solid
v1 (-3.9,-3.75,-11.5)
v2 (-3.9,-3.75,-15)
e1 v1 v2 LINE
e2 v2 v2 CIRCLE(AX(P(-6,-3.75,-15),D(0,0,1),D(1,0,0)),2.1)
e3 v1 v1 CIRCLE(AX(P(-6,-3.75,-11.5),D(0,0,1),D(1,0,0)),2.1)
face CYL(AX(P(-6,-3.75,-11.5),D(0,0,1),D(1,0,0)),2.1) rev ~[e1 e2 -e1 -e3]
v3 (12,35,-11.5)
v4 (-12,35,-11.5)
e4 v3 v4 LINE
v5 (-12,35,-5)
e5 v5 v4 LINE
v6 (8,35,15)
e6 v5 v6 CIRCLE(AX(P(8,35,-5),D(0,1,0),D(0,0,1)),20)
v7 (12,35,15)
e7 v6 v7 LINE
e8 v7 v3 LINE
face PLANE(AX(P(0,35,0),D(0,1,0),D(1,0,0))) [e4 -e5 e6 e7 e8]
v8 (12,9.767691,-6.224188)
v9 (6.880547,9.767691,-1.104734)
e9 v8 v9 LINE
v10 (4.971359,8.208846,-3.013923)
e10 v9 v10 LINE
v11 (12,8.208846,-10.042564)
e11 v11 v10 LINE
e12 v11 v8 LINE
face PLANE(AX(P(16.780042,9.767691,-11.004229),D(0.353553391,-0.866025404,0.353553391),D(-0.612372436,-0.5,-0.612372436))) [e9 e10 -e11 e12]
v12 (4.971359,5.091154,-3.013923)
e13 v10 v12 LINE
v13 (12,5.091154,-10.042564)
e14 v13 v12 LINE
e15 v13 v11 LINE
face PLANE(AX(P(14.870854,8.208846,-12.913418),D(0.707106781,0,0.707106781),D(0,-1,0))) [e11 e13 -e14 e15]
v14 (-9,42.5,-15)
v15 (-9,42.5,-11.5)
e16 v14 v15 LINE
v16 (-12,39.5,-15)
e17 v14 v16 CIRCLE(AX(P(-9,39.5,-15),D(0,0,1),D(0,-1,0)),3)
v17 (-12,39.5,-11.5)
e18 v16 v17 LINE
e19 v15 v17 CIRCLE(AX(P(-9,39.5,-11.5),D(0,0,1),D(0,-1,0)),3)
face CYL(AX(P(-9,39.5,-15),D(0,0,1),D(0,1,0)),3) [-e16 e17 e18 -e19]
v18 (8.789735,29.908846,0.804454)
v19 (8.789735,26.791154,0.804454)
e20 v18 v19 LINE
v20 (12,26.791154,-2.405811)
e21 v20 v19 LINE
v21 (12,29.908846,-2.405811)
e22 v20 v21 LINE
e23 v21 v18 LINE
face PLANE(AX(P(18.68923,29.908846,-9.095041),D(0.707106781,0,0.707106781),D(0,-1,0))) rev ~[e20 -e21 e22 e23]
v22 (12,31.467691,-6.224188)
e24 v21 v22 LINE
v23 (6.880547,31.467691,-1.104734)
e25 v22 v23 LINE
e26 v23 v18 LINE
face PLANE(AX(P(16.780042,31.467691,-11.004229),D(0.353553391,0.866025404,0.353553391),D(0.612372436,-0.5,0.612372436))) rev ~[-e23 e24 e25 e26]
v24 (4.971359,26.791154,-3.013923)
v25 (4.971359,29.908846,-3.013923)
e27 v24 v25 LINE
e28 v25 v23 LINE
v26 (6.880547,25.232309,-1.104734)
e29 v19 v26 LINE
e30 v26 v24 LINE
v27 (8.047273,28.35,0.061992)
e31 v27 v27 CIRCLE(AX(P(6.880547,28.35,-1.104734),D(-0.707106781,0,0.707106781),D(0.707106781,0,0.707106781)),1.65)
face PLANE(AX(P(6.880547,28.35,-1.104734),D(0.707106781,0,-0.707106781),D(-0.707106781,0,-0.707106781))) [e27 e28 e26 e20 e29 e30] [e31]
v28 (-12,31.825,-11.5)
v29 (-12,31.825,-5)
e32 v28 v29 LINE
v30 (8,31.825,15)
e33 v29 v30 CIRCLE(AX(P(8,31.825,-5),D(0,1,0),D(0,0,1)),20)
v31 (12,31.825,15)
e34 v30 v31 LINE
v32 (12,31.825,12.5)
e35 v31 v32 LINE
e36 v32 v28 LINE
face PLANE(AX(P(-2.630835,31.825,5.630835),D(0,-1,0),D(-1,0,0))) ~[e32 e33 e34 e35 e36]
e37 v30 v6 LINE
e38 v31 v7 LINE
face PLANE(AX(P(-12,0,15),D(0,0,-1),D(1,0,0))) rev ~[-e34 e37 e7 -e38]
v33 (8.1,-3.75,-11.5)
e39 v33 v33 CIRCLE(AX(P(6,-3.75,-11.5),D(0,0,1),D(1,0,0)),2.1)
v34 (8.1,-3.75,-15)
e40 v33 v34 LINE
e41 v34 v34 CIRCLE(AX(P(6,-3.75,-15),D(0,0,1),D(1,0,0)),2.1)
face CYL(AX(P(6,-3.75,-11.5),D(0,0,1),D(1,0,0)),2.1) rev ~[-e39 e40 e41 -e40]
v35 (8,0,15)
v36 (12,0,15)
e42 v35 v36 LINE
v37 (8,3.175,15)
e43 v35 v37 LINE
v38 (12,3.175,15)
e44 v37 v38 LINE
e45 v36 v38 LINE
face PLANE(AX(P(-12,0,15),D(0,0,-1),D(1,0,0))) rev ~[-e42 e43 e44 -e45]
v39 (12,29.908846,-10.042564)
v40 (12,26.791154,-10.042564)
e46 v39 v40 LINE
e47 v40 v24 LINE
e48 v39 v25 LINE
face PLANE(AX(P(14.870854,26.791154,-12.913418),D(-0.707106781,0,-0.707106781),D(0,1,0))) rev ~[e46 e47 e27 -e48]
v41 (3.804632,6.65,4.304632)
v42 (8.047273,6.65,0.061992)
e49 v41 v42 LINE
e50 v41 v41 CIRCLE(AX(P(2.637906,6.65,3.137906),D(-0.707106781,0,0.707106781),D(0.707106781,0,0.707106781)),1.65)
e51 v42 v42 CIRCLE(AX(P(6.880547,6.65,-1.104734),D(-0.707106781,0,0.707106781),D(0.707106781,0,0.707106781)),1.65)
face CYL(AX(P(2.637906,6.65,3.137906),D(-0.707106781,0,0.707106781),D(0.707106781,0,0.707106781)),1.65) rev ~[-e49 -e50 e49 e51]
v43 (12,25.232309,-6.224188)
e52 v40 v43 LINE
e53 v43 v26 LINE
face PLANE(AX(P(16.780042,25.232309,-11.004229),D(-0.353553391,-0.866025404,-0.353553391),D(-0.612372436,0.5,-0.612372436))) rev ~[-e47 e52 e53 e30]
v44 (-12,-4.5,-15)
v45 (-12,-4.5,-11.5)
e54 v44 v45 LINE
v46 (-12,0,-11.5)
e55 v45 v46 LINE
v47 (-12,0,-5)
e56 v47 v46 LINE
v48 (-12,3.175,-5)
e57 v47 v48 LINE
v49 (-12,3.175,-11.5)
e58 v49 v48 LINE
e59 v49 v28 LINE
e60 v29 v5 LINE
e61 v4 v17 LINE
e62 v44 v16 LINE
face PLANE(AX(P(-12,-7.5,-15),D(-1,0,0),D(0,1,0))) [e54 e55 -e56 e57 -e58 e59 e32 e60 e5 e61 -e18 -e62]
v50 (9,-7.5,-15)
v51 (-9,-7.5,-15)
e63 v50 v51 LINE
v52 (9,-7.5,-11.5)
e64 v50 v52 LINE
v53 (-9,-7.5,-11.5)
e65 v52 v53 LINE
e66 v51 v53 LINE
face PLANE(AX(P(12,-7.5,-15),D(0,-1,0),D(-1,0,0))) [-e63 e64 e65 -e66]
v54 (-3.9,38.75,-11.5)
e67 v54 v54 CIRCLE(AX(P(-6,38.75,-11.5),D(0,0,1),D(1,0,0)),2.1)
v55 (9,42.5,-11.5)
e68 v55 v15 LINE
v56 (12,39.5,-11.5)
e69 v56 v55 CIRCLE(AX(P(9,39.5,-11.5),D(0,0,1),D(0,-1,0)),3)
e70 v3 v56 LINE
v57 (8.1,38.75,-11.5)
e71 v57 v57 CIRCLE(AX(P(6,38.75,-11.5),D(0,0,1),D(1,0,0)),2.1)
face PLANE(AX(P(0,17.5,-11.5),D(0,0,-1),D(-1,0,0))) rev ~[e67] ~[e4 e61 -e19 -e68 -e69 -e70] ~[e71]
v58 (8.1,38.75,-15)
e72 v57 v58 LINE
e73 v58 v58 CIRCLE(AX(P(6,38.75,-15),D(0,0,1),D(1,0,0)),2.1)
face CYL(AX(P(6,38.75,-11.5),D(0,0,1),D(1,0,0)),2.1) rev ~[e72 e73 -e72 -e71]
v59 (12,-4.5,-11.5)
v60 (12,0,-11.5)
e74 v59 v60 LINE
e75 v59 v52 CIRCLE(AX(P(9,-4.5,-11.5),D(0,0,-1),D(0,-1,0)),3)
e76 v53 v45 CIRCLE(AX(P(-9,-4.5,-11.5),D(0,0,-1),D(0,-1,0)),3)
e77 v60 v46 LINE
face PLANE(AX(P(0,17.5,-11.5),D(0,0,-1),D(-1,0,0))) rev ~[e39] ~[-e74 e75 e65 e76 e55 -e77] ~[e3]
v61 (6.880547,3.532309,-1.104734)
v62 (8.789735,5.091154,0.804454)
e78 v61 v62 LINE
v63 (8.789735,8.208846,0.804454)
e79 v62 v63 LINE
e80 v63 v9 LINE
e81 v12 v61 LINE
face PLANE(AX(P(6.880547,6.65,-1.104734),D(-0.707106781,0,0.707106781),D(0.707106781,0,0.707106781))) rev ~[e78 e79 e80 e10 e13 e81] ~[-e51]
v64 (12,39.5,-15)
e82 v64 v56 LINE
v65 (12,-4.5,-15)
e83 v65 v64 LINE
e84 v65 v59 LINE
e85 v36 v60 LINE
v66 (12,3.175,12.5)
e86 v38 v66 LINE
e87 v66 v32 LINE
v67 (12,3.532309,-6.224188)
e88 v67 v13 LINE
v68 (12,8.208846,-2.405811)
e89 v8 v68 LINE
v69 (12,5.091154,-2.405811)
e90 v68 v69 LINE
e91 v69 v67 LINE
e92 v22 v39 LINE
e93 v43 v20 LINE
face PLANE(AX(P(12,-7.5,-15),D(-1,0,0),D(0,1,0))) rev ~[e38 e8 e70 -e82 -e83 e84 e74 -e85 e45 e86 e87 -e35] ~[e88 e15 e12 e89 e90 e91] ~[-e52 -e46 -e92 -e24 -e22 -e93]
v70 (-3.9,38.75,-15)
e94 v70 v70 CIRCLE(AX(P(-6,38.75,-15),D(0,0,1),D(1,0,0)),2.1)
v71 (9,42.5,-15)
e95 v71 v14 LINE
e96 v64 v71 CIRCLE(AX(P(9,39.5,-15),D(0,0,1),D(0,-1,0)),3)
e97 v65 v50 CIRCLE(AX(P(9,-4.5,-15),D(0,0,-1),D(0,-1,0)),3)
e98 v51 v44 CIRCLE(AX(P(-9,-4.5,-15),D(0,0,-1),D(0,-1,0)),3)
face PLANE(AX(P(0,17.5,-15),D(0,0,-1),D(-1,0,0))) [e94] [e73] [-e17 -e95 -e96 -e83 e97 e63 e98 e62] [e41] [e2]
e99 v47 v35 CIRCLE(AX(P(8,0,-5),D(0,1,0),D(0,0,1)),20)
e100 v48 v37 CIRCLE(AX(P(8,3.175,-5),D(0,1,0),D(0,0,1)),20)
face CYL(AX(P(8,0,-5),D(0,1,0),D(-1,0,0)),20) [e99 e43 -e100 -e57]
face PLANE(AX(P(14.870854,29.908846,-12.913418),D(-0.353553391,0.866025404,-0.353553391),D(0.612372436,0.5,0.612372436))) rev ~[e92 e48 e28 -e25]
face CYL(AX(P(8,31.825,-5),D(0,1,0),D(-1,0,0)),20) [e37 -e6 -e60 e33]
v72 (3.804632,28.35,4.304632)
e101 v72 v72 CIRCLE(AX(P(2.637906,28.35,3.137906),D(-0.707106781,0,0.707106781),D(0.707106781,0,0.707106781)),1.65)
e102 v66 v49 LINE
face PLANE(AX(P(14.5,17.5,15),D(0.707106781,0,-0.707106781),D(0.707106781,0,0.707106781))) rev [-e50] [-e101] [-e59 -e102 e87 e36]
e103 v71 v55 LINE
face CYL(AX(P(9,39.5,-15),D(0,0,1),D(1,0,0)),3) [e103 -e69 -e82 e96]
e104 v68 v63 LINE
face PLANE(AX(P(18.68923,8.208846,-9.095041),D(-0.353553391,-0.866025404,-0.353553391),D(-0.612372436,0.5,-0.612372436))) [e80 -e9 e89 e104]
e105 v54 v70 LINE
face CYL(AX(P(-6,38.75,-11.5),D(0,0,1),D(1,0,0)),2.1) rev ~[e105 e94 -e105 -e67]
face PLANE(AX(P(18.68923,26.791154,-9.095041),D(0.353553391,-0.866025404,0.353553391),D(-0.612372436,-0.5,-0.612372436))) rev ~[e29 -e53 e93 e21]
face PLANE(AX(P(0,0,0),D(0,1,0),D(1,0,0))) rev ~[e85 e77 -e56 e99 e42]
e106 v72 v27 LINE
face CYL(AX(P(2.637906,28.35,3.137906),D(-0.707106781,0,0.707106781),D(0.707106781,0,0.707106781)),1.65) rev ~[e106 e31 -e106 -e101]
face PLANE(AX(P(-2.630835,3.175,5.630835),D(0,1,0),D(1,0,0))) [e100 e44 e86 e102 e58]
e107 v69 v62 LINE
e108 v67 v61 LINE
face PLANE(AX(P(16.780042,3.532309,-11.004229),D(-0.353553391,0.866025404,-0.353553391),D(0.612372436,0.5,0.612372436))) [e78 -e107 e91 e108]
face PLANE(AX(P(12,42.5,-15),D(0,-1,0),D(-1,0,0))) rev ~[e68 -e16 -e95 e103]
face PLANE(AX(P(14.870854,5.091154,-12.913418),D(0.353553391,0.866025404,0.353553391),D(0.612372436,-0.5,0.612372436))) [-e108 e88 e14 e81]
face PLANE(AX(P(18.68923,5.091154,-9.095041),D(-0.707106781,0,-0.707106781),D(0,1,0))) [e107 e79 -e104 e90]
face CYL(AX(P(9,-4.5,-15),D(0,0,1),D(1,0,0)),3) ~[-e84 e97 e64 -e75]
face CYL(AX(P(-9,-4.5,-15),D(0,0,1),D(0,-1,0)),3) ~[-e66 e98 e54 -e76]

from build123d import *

# Parameters (mm, degrees)
SKETCH6_W           = 24
SKETCH6_H           = 30
BOSS_EXTRUDE5_DEPTH = 35
CUT_EXTRUDE1_DEPTH  = 14.325
FILLET1_R           = 20
SKETCH11_R          = 1.65
CUT_EXTRUDE3_DEPTH  = 41.095199214
CUT_EXTRUDE8_DEPTH  = 14
SKETCH14_W          = 24
SKETCH14_H          = 50
BOSS_EXTRUDE6_DEPTH = 3.5
SKETCH15_R          = 2.1
CUT_EXTRUDE9_DEPTH  = 3.5
FILLET2_R           = 3


with BuildPart() as part:
    # Sketch6 → Boss-Extrude5 (new body)
    with BuildSketch(Plane(origin=(0, 0, 0), x_dir=(1, 0, 0), z_dir=(0, 1, 0))):
        Rectangle(SKETCH6_W, SKETCH6_H)
    extrude(amount=BOSS_EXTRUDE5_DEPTH)

    # Sketch8 → Cut-Extrude1 (cut)
    with BuildSketch(Plane(origin=(0, 17.5, 0), x_dir=(1, 0, 0), z_dir=(0, 1, 0))):
        Polygon((-12, 11.5), (-12, -15), (14.5, -15), align=None)
    cut_extrude1 = extrude(amount=-CUT_EXTRUDE1_DEPTH, mode=Mode.SUBTRACT)

    # Mirror2: Cut-Extrude1 across plane
    add(cut_extrude1.mirror(Plane.ZX.offset(17.5)), mode=Mode.SUBTRACT)

    # Fillet1
    fillet1_edges = [part.edges().sort_by_distance(p)[0] for p in [
        (-12, 1.5875, 15),
        (-12, 33.4125, 15),
    ]]
    fillet(fillet1_edges, radius=FILLET1_R)

    # Sketch11 → Cut-Extrude3 (cut, through all)
    with BuildSketch(Plane(origin=(-0.25, 0, 0.25), x_dir=(0.7071067811865439, 0, 0.7071067811865511), z_dir=(-0.7071067811865511, 0, 0.7071067811865439))):
        with Locations((4.084116139, 6.65)):
            Circle(SKETCH11_R)
        with Locations((4.084116139, 28.35)):
            Circle(SKETCH11_R)
    extrude(amount=-CUT_EXTRUDE3_DEPTH, mode=Mode.SUBTRACT)

    # Sketch12 → Cut-Extrude8 (cut)
    with BuildSketch(Plane(origin=(13.892135624, 0, -13.892135624), x_dir=(0.7071067811865439, 0, 0.7071067811865511), z_dir=(-0.7071067811865511, 0, 0.7071067811865439))):
        Polygon((6.784116139, 8.208845727), (4.084116139, 9.767691454), (1.384116139, 8.208845727), (1.384116139, 5.091154273), (4.084116139, 3.532308546), (6.784116139, 5.091154273), align=None)
        Polygon((6.784116139, 29.908845727), (6.784116139, 26.791154273), (4.084116139, 25.232308546), (1.384116139, 26.791154273), (1.384116139, 29.908845727), (4.084116139, 31.467691454), align=None)
    extrude(amount=CUT_EXTRUDE8_DEPTH, mode=Mode.SUBTRACT)

    # Sketch14 → Boss-Extrude6 (add)
    with BuildSketch(Plane(origin=(0, 0, -15), x_dir=(-1, 0, 0), z_dir=(0, 0, -1))):
        with Locations((0, 17.5)):
            Rectangle(SKETCH14_W, SKETCH14_H)
    extrude(amount=-BOSS_EXTRUDE6_DEPTH)

    # Sketch15 → Cut-Extrude9 (cut)
    with BuildSketch(Plane.XY.offset(-11.5)):
        with Locations((6, 38.75)):
            Circle(SKETCH15_R)
        with Locations((-6, 38.75)):
            Circle(SKETCH15_R)
        with Locations((-6, -3.75)):
            Circle(SKETCH15_R)
        with Locations((6, -3.75)):
            Circle(SKETCH15_R)
    extrude(amount=-CUT_EXTRUDE9_DEPTH, mode=Mode.SUBTRACT)

    # Fillet2
    fillet2_edges = [part.edges().sort_by_distance(p)[0] for p in [
        (12, -7.5, -13.25),
        (-12, 42.5, -13.25),
        (-12, -7.5, -13.25),
        (12, 42.5, -13.25),
    ]]
    fillet(fillet2_edges, radius=FILLET2_R)


solid = part.part
